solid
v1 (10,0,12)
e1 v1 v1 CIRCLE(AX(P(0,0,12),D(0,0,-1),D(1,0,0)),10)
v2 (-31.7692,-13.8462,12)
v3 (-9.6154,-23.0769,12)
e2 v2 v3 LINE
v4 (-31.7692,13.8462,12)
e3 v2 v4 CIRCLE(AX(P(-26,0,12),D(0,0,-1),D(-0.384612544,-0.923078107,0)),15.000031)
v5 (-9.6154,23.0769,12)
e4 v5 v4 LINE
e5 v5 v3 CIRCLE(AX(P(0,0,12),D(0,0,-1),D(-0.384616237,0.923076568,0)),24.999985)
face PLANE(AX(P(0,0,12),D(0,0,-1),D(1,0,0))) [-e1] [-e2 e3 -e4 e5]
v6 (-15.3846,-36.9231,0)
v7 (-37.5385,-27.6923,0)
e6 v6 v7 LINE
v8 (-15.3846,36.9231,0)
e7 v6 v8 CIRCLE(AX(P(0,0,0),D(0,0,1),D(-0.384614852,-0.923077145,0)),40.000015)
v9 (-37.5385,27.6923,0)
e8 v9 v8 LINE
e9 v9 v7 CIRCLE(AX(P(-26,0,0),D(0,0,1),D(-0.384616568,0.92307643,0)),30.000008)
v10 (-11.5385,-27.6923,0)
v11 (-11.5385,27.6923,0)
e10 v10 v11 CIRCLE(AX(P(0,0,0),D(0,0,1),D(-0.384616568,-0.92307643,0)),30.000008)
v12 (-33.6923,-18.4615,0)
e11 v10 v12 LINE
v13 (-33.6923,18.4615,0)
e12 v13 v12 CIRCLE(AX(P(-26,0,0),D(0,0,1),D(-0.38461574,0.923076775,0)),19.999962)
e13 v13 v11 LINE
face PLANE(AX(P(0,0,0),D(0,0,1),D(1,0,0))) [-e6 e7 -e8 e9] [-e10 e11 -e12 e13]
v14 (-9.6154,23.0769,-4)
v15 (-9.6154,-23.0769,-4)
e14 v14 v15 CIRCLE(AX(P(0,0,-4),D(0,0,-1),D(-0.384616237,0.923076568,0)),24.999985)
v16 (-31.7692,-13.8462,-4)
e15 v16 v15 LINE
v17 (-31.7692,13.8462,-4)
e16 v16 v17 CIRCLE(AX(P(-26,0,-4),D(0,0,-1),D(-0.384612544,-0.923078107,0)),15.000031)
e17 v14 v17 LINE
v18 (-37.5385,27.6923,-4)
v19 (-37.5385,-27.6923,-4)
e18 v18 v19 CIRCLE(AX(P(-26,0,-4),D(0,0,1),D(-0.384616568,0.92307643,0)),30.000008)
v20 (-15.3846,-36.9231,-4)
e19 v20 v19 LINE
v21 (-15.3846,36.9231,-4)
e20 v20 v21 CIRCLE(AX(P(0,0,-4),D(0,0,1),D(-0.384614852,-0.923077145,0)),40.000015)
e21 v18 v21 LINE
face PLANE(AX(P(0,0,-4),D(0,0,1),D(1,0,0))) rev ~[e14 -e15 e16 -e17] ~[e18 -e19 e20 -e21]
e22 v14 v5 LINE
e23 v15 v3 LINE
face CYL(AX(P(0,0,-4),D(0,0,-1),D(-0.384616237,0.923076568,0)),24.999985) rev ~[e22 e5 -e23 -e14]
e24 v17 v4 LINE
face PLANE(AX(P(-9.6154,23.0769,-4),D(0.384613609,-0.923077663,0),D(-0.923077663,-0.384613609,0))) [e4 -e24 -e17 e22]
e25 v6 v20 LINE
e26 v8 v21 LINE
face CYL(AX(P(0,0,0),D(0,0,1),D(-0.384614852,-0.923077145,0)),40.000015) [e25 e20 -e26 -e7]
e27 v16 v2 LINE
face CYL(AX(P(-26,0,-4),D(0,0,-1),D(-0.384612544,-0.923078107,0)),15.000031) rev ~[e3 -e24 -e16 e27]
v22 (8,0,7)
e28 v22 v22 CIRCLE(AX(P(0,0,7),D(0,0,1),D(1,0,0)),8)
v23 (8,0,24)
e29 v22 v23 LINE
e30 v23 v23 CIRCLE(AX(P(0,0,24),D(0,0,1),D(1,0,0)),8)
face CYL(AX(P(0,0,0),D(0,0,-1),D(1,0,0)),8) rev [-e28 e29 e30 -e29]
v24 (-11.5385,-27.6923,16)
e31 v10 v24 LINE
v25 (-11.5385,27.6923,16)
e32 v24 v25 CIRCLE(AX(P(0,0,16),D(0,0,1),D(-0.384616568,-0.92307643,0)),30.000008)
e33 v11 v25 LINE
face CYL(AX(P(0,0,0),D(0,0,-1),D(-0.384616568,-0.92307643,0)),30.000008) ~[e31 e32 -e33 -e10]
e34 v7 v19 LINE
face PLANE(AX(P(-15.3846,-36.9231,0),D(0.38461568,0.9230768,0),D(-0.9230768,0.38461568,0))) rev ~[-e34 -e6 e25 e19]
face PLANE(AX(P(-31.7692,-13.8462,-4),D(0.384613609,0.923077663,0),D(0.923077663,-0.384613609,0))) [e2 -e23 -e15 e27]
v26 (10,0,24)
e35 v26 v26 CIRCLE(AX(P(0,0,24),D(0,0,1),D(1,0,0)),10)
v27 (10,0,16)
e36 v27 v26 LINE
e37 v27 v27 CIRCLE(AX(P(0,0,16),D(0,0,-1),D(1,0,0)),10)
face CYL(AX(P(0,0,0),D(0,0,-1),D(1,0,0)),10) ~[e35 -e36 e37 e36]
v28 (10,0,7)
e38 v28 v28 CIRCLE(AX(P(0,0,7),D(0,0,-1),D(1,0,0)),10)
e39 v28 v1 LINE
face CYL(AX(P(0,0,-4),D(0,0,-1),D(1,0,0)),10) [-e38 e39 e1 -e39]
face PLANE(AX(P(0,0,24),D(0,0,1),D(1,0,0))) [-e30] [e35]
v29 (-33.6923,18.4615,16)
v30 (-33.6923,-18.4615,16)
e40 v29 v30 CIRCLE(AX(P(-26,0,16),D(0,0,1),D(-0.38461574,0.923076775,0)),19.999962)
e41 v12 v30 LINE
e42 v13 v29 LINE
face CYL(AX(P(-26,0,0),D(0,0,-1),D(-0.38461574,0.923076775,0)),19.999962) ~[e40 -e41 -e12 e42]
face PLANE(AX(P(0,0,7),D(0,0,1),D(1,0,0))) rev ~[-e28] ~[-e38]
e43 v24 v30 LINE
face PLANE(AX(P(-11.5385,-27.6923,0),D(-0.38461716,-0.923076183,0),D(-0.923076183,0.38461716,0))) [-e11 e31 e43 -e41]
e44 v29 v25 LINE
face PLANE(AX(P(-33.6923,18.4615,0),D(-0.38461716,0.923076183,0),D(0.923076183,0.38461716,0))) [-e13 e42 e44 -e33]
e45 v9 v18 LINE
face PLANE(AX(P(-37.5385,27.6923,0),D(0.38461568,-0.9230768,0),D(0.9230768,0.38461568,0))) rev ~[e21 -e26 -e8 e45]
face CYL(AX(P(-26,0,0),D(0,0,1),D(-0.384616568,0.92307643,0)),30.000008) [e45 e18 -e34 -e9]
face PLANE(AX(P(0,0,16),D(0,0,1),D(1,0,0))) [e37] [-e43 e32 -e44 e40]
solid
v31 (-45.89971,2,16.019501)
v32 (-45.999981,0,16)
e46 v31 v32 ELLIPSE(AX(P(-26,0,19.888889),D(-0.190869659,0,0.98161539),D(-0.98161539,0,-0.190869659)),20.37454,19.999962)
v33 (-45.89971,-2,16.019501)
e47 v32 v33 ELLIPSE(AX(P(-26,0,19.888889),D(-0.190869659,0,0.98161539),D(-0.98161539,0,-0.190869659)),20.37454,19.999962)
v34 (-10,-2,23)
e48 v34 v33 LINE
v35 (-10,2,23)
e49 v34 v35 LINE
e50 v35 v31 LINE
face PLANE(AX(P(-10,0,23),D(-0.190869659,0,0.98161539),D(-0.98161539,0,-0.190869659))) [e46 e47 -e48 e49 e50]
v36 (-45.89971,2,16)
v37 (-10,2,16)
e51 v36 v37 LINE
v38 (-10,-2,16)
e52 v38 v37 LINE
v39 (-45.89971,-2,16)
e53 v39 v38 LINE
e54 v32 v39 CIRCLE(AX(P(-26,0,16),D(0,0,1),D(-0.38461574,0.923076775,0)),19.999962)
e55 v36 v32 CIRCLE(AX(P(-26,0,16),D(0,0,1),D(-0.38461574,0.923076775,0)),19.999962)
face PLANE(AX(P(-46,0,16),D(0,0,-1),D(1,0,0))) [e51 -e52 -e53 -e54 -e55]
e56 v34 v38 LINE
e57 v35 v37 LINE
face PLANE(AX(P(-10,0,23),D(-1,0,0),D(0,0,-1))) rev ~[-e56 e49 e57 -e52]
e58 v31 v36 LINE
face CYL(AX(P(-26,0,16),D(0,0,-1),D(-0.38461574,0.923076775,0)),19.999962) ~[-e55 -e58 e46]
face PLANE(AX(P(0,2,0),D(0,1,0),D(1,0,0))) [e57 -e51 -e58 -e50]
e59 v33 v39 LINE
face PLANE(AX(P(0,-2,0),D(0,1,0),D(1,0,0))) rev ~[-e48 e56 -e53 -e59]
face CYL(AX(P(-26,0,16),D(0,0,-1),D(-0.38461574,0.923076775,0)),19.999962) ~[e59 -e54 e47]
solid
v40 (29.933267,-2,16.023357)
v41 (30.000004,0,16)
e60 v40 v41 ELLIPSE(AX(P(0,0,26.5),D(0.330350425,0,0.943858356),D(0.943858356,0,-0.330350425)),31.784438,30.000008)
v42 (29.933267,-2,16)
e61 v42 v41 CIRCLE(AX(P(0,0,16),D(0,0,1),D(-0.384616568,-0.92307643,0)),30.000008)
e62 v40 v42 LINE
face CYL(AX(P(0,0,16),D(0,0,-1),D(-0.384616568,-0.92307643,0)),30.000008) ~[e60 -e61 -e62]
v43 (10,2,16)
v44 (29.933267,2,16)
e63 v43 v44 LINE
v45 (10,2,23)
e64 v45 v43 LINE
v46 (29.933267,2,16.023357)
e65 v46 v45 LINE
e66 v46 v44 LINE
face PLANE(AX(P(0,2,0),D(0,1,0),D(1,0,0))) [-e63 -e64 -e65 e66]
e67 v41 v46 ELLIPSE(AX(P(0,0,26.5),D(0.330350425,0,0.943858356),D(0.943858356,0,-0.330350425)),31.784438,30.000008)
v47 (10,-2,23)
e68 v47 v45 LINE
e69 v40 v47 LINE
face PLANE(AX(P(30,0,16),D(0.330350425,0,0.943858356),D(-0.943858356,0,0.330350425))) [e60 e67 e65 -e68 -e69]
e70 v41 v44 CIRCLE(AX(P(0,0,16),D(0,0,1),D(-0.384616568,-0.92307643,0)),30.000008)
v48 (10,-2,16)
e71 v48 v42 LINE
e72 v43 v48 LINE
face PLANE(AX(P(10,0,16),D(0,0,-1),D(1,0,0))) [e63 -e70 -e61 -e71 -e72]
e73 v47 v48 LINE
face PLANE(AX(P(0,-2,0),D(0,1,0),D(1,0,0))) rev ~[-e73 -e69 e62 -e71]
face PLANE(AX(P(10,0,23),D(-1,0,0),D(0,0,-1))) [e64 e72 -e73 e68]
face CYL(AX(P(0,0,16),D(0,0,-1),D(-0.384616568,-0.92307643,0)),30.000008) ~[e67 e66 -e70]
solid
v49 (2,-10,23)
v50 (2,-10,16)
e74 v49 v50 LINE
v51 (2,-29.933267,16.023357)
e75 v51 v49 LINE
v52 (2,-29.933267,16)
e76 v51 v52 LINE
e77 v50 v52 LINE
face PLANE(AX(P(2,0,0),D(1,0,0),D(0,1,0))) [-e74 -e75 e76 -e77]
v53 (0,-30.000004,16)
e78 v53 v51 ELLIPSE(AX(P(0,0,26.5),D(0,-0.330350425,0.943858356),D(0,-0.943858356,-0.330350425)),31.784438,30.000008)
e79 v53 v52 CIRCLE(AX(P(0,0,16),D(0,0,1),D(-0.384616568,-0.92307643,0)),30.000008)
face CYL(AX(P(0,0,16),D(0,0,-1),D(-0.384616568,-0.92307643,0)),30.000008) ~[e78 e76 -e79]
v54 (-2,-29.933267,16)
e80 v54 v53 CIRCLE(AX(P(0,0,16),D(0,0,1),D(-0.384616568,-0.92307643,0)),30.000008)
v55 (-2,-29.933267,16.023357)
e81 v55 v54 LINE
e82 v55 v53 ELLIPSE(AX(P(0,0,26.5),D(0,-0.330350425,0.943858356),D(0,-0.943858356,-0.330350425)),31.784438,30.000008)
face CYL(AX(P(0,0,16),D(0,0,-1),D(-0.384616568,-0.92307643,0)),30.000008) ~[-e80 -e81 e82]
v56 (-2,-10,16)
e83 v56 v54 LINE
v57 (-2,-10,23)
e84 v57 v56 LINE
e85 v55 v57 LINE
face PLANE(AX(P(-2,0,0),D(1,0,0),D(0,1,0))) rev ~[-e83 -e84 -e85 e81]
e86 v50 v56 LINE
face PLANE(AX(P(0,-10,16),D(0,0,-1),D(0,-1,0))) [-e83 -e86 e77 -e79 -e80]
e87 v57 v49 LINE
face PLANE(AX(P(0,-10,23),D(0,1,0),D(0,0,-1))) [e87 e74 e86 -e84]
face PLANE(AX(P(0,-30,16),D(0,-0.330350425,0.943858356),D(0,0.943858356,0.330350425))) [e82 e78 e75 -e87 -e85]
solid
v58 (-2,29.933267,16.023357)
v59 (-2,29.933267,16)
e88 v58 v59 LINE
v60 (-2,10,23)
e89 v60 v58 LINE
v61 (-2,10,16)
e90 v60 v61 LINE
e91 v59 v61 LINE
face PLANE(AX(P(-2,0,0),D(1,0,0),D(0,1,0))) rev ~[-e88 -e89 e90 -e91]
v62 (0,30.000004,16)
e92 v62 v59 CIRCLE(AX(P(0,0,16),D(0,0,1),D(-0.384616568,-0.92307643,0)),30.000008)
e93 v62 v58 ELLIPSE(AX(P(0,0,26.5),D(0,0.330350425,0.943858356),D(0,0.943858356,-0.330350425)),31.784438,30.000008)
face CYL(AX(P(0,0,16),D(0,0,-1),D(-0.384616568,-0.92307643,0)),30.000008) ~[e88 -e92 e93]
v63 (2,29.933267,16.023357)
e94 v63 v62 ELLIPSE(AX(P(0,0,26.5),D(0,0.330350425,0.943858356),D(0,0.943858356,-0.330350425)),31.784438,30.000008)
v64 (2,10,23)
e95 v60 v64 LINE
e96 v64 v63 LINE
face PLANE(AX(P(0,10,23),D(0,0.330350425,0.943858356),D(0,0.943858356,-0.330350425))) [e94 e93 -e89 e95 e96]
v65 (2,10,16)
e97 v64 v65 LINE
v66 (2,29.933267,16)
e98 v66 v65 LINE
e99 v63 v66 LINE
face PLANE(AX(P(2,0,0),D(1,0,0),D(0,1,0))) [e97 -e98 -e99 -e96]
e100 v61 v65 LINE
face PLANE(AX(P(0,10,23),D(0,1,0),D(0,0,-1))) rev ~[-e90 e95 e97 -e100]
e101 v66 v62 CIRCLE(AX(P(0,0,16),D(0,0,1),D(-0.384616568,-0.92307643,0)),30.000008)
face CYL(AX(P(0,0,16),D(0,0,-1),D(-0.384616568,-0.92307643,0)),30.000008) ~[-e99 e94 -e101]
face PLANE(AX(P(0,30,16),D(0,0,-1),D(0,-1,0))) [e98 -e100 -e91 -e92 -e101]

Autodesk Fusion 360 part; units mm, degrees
sketch "草图1" plane through (0, 0, 0) normal (0, 0, 1) x (1, 0, 0)
  line L0 (-140, 0) -> (100, 0) construction
  circle A0 centre (0, 0) radius 8
  circle A1 centre (0, 0) radius 10
  line L1 (-37.5385, 27.6923) -> (-15.3846, 36.9231)
  line L2 (-15.3846, -36.9231) -> (-37.5385, -27.6923)
  arc A2 (-37.5385, 27.6923) -> (-37.5385, -27.6923) centre (-26, 0) ccw
  line L3 (-33.6923, 18.4615) -> (-11.5385, 27.6923)
  line L4 (-11.5385, -27.6923) -> (-33.6923, -18.4615)
  arc A3 (-33.6923, 18.4615) -> (-33.6923, -18.4615) centre (-26, 0) ccw
  arc A4 (-11.5385, -27.6923) -> (-11.5385, 27.6923) centre (0, 0) ccw
  arc A5 (-15.3846, -36.9231) -> (-15.3846, 36.9231) centre (0, 0) ccw
  dimension "d1" = 20
  dimension "d2" = 16
  dimension "d3" = 80
  dimension "d4" = 60
  dimension "d5" = 60
  dimension "d6" = 40
  dimension "d7" = 26
extrude "拉伸1" add sketch "草图1" against normal blind 4 contours A1 | L1 L2 A2 A5 | L3 L4 A3 A4 makes body 1
extrude "拉伸2" add sketch "草图1" along normal blind 16 contours A1 | L3 L4 A3 A4 bodies 1
extrude "拉伸3" add sketch "草图1" along normal blind 24 contours A1 bodies 1
sketch "草图2" plane through (0, 0, -4) normal (0, 0, -1) x (1, 0, 0)
  circle A0 centre (0, 0) radius 8
  arc A1 (-37.5385, 27.6923) -> (-37.5385, -27.6923) centre (-26, 0) ccw
  line L0 (-37.5385, -27.6923) -> (-15.3846, -36.9231)
  arc A2 (-15.3846, -36.9231) -> (-15.3846, 36.9231) centre (0, 0) ccw
  line L1 (-15.3846, 36.9231) -> (-37.5385, 27.6923)
  circle A3 centre (0, 0) radius 8
  circle A4 centre (0, 0) radius 10
  line L2 (-31.7692, 13.8462) -> (-9.6154, 23.0769)
  line L3 (-9.6154, -23.0769) -> (-31.7692, -13.8462)
  arc A5 (-31.7692, 13.8462) -> (-31.7692, -13.8462) centre (-26, 0) ccw
  arc A6 (-9.6154, -23.0769) -> (-9.6154, 23.0769) centre (0, 0) ccw
  line L4 (-66, 0) -> (45, 0) construction
  dimension "d14" = 50
  dimension "d15" = 30
  dimension "d16" = 20
  dimension "d17" = 16
  dimension "d18" = 26
extrude "拉伸4" cut sketch "草图2" against normal blind 16 contours L2 L3 A5 A6 bodies 1
extrude "拉伸5" cut 1 faces at (9.2663, 0.8943, -4) along direction (0, 0, 1) blind 11 on bodies 1 bodies 1
sketch "草图3" plane through (0, 0, 0) normal (0, 1, 0) x (1, 0, 0)
  line L0 (-10, -24) -> (10, -24)
  line L1 (10, -24) -> (10, -23)
  line L2 (10, -23) -> (-10, -23)
  line L3 (-10, -23) -> (-10, -24)
  line L4 (-10, -23) -> (-46, -16)
  line L5 (-46, -16) -> (30, -16)
  line L6 (30, -16) -> (10, -23)
  line L7 (-10, -23) -> (-10, -16)
  line L8 (10, -23) -> (10, -16)
  dimension "d23" = 1
  dimension "d24" = 20
extrude "拉伸6" add sketch "草图3" along normal mid plane 4 separate body contours L4 L5 L7 | L5 L6 L8 makes body 2 at (16.6667, 0.6667, 20.6667) makes body 3 at (-34, 0.6667, 18.3333)
sketch "草图4" plane through (0, 0, 0) normal (1, 0, 0) x (0, 1, 0)
  line L0 (-10, 24) -> (10, 24)
  line L1 (10, 24) -> (10, 23)
  line L2 (10, 23) -> (30, 16)
  line L3 (30, 16) -> (-30, 16)
  line L4 (-30, 16) -> (-10, 23)
  line L5 (-10, 23) -> (-10, 24)
  line L6 (-10, 23) -> (-10, 16)
  line L7 (10, 23) -> (10, 16)
extrude "拉伸7" add sketch "草图4" along normal mid plane 4 separate body contours L3 L4 L6 | L2 L3 L7 makes body 4 at (0.6667, 23.3333, 18.3333) makes body 5 at (0.6667, -16.6667, 20.6667)
extrude "拉伸8" cut 1 faces at (-17.8311, -17.2623, 16) along direction (0, 0, 1) blind 18 keep common part on bodies 1 bodies 2 3 4 5
